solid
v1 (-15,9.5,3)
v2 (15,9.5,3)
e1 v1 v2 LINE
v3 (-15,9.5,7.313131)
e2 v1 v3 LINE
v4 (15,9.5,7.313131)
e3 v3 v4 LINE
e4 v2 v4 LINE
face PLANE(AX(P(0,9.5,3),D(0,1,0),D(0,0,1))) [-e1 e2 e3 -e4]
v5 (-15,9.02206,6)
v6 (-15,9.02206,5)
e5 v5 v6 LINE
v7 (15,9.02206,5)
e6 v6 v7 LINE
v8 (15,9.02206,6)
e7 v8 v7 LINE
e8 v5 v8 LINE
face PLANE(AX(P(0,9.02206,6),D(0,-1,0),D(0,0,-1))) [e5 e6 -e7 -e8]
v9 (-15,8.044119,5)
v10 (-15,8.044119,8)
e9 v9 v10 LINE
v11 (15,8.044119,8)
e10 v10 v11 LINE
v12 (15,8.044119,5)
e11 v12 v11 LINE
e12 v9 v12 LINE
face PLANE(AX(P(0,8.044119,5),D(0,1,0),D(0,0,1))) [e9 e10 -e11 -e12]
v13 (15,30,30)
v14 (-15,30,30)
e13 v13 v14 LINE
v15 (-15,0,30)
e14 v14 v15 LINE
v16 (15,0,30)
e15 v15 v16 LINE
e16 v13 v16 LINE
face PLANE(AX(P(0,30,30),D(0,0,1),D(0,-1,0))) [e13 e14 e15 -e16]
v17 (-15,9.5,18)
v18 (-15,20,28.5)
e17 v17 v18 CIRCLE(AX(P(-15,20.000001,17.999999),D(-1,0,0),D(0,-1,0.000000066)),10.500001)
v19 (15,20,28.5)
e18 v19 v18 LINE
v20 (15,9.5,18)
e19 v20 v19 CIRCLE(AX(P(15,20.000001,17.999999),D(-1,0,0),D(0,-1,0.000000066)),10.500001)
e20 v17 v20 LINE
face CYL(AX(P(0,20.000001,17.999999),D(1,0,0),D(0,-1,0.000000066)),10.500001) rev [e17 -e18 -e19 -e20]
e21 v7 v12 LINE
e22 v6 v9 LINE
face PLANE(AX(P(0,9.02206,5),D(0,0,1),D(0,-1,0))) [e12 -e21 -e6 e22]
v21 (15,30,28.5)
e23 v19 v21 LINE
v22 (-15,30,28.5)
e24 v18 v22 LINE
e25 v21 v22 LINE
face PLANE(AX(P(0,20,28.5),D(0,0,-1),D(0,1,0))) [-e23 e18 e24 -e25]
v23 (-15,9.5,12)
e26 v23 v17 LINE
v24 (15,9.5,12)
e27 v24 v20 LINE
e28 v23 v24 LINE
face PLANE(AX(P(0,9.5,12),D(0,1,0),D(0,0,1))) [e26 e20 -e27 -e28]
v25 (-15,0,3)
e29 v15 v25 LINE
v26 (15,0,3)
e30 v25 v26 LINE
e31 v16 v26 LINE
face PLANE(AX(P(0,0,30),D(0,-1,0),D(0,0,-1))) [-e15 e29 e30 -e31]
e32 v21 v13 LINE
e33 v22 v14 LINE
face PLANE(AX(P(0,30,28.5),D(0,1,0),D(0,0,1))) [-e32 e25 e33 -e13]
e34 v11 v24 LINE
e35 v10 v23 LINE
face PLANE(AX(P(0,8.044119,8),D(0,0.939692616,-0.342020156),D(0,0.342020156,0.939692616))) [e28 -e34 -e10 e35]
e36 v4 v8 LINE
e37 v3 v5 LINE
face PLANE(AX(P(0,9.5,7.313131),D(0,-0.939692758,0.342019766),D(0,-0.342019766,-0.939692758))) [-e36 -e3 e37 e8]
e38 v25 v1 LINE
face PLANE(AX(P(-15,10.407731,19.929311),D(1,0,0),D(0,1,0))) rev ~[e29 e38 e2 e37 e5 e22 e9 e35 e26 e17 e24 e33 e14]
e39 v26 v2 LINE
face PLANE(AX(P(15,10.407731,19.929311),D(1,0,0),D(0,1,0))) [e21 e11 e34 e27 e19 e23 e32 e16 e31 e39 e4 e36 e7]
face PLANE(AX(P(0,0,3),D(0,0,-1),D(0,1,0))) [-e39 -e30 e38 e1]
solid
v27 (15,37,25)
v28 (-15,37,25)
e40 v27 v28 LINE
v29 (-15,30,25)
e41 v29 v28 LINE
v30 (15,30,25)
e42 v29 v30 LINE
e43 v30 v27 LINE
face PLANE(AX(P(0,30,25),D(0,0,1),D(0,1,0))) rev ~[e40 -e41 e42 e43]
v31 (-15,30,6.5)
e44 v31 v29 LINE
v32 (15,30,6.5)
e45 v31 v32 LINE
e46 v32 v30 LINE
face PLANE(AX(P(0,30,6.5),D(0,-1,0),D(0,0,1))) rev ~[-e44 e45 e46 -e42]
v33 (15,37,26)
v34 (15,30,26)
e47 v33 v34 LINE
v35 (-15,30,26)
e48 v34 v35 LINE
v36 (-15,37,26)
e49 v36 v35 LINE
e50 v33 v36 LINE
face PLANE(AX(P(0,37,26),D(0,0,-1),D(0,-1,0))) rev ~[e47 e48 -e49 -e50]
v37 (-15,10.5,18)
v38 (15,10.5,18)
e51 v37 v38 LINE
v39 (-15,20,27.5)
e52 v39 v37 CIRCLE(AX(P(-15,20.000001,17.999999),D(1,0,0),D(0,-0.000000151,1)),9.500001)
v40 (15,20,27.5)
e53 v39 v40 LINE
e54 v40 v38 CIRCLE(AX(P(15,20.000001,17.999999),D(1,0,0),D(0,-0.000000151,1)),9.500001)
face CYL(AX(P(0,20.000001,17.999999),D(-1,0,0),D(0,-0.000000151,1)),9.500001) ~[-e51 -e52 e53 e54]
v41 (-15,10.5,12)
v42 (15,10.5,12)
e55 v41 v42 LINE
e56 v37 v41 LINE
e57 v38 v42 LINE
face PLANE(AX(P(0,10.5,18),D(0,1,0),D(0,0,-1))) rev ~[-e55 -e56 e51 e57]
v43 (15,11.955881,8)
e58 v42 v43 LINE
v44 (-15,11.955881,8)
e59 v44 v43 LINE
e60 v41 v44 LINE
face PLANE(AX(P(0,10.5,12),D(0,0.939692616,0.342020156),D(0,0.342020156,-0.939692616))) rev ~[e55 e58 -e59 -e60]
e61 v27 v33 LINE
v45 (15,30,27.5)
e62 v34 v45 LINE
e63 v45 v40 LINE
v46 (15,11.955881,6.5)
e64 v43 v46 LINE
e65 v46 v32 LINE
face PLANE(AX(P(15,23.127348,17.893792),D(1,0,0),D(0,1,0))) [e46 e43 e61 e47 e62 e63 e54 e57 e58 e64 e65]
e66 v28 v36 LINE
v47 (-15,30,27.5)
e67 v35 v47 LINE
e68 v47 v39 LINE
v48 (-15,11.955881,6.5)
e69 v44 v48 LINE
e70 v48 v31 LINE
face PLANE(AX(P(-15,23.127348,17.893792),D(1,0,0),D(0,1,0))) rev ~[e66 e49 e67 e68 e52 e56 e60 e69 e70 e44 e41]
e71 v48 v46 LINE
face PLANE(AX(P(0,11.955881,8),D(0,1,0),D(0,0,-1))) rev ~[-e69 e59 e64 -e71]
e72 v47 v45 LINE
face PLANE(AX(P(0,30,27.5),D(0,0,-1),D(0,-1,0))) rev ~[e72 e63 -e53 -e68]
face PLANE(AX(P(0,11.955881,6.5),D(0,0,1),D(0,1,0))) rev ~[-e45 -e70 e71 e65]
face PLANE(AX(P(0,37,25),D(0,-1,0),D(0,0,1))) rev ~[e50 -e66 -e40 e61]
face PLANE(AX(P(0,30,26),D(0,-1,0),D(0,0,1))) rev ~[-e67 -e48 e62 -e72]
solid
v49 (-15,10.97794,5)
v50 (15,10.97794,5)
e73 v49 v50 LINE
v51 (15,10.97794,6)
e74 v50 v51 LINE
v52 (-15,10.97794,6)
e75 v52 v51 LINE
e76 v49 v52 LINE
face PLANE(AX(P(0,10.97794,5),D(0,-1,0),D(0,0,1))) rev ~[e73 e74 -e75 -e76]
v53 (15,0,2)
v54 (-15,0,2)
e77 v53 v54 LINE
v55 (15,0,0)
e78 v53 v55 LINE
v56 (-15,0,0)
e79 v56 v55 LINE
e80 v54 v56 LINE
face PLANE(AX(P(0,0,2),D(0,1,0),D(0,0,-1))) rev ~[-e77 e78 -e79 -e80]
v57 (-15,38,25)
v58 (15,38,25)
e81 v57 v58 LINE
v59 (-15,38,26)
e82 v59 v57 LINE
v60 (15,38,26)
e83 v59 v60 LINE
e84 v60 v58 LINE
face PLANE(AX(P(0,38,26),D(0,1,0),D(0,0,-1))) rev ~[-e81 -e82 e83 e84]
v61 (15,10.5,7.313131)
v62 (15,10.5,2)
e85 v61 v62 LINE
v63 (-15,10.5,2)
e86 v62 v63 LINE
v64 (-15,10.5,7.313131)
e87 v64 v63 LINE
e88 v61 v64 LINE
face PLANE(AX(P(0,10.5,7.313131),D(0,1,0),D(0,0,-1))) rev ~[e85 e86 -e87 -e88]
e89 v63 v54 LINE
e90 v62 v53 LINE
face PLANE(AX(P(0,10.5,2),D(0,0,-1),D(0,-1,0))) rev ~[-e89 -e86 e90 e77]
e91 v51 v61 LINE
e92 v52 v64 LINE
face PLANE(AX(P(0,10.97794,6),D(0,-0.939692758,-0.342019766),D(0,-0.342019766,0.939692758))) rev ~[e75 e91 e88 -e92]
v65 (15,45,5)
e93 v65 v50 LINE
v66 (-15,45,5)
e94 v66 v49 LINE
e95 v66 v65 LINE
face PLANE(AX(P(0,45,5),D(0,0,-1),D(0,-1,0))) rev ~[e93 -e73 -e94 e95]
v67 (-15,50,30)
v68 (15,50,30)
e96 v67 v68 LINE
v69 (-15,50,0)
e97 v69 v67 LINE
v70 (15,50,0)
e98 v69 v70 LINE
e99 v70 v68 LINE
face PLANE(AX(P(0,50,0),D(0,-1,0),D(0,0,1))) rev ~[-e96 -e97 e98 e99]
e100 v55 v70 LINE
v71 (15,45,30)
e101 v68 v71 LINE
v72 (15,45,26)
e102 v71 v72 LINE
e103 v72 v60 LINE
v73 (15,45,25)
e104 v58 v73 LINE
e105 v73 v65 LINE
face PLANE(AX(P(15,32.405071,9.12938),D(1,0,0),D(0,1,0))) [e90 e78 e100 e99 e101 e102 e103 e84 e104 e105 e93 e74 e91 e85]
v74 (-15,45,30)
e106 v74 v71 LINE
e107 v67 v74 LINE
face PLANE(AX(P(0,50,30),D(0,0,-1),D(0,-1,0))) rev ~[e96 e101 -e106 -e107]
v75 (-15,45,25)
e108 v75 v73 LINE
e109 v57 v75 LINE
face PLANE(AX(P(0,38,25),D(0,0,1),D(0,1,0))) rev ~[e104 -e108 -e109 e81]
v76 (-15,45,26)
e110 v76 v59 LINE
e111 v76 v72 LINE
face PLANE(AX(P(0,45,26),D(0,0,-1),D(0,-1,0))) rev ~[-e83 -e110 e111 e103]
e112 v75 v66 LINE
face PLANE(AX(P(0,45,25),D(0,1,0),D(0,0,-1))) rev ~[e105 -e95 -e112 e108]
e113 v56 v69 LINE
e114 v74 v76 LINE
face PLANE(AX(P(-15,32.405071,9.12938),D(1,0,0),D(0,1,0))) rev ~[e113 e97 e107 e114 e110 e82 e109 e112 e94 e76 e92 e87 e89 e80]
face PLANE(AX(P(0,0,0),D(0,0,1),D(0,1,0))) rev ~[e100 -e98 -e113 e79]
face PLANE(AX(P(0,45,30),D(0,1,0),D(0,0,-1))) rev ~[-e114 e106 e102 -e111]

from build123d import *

# Parameters (mm, degrees)
F1_DEPTH = 15


with BuildPart() as f1:
    # F0 (on Right) → F1 (new body, symmetric)
    with BuildSketch(Plane.YZ):
        Polygon((0, 2), (0, 0), (50, 0), (50, 30), (45, 30), (45, 26), (38, 26), (38, 25), (45, 25), (45, 5), (30, 5), (11.955881, 5), (10.97794, 5), (10.97794, 6), (10.5, 7.313131), (10.5, 5), (10.5, 2), align=None)
        with BuildLine():
            Line((30, 26), (30, 27.5))
            Line((30, 27.5), (20, 27.5))
            ThreePointArc((20, 27.5), (13.282486, 24.717514), (10.5, 18))
            Line((10.5, 18), (10.5, 12))
            Line((10.5, 12), (11.955881, 8))
            Line((11.955881, 8), (11.955881, 6.5))
            Line((11.955881, 6.5), (30, 6.5))
            Line((30, 6.5), (30, 25))
            Line((30, 25), (37, 25))
            Line((37, 25), (37, 26))
            Line((37, 26), (30, 26))
        make_face()
        with BuildLine():
            Line((30, 30), (0, 30))
            Line((0, 30), (0, 3))
            Line((0, 3), (9.5, 3))
            Line((9.5, 3), (9.5, 5))
            Line((9.5, 5), (9.5, 7.313131))
            Line((9.5, 7.313131), (9.02206, 6))
            Line((9.02206, 6), (9.02206, 5))
            Line((9.02206, 5), (8.044119, 5))
            Line((8.044119, 5), (8.044119, 8))
            Line((8.044119, 8), (9.5, 12))
            Line((9.5, 12), (9.5, 18))
            ThreePointArc((9.5, 18), (12.575379, 25.424621), (20, 28.5))
            Line((20, 28.5), (30, 28.5))
            Line((30, 28.5), (30, 30))
        make_face()
    extrude(amount=F1_DEPTH, both=True)


solid = f1.part
